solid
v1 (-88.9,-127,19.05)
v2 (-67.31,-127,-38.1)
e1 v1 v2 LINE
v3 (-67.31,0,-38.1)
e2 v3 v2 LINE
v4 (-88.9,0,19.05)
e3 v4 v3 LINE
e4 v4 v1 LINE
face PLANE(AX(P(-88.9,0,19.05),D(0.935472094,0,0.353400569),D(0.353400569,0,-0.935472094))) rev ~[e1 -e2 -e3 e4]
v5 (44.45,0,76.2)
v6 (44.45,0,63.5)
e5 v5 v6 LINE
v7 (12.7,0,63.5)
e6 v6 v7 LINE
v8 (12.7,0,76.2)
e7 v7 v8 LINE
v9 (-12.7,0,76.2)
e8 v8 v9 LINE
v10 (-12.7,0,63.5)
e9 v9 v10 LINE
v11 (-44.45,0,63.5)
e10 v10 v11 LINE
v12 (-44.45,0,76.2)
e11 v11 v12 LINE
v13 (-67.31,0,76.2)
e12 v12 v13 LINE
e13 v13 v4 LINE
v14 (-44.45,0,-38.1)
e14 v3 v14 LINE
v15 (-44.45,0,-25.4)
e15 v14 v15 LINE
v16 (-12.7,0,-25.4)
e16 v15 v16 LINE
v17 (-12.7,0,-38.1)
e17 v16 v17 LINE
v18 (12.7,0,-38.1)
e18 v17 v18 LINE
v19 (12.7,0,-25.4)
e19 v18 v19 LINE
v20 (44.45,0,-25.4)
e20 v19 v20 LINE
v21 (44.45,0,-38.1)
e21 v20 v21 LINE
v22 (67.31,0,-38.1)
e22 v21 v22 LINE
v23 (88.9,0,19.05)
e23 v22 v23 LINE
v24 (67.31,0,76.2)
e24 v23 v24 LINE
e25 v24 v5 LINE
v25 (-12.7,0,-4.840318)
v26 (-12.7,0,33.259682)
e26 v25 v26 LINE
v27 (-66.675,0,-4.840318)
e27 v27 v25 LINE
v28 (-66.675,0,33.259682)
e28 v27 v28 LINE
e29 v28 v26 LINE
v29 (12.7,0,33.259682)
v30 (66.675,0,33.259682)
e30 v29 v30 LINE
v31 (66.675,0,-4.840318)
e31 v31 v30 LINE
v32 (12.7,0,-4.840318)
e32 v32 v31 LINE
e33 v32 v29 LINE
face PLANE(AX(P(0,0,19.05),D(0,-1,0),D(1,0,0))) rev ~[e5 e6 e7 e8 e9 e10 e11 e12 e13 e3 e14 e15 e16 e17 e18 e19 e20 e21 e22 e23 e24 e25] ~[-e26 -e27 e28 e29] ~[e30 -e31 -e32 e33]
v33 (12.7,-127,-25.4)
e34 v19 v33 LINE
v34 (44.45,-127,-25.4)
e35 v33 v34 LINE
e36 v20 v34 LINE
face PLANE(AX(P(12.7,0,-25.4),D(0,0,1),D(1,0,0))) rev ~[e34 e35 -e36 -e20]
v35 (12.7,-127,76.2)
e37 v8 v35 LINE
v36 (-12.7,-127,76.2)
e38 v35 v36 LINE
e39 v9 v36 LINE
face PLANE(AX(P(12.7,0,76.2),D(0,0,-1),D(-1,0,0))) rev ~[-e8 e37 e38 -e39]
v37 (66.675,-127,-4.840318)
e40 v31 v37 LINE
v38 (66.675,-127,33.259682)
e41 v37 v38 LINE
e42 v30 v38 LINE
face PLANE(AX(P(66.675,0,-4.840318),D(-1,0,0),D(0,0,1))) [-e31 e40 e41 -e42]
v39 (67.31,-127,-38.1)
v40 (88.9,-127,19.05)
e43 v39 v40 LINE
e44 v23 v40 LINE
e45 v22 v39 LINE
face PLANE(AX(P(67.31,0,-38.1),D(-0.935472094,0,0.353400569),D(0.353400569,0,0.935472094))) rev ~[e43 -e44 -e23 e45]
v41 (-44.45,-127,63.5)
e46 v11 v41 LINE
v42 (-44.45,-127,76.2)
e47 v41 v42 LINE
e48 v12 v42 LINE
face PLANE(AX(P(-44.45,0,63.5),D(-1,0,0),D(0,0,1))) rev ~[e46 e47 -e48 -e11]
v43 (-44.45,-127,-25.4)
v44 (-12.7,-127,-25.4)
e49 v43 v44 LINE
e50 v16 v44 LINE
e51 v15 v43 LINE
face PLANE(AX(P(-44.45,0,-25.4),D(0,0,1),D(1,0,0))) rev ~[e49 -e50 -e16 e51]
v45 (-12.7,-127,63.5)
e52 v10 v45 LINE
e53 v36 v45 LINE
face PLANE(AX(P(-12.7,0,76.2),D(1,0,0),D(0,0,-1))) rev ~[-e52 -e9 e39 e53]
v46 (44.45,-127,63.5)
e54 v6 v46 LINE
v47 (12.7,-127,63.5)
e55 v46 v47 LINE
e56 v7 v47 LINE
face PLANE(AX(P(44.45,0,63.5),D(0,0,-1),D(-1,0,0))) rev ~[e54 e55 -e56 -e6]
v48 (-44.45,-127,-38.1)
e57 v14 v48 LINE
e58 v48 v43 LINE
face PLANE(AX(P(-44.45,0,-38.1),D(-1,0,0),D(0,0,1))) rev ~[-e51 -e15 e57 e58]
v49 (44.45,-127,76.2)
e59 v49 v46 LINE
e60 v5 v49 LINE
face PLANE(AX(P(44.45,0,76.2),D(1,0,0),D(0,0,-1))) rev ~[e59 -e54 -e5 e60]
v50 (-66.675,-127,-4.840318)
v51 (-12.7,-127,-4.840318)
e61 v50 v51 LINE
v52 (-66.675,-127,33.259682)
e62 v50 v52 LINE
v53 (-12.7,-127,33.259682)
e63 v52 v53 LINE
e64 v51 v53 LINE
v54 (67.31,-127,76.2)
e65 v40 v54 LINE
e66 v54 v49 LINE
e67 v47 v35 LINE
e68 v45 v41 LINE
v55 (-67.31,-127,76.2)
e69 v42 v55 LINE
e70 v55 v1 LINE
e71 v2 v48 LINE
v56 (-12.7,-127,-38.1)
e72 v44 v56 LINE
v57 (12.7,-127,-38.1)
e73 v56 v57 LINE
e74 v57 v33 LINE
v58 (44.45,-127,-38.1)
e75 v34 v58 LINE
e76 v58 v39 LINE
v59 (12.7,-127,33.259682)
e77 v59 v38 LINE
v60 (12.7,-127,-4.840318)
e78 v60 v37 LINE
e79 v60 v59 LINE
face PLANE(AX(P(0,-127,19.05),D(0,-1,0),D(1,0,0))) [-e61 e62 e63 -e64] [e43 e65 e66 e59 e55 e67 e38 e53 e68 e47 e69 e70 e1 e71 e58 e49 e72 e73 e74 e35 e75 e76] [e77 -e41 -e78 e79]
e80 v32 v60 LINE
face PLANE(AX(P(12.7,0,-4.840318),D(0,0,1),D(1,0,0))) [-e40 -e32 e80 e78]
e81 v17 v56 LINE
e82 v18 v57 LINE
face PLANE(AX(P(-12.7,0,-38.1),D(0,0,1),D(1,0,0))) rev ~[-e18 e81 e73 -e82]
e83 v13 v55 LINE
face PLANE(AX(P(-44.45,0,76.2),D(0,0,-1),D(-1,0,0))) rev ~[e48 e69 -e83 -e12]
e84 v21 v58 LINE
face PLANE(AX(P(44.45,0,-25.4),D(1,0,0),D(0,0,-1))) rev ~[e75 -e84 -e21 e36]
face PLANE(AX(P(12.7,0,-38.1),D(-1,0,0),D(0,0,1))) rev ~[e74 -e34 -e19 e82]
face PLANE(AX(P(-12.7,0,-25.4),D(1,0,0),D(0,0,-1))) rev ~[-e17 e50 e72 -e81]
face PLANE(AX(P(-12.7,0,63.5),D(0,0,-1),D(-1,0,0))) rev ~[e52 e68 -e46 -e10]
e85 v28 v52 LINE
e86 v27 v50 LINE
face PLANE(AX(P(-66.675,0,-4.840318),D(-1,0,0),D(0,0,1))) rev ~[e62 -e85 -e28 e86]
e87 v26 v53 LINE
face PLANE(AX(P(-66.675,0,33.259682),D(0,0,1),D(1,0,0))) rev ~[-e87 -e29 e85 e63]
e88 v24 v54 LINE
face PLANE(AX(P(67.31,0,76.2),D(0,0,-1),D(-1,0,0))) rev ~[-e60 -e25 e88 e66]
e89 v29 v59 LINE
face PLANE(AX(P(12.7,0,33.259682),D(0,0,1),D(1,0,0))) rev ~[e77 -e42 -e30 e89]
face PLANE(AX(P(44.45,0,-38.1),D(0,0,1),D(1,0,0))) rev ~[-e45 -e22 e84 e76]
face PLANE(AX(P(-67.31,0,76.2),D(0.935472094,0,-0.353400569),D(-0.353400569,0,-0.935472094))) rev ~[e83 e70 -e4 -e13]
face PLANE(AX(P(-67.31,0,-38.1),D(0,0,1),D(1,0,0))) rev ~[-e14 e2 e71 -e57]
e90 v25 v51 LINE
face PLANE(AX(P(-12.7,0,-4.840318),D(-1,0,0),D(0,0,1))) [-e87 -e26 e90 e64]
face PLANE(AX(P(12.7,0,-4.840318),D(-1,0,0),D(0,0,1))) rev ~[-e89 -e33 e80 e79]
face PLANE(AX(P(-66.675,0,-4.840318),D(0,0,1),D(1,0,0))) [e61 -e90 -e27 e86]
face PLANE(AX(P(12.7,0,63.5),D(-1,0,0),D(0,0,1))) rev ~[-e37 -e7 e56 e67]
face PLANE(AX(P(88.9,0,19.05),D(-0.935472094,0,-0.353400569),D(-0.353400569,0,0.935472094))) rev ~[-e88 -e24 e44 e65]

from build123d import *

# Parameters (mm, degrees)
F0_W     = 53.975
F0_H     = 38.1
F1_DEPTH = 127


with BuildPart() as f1:
    # F0 (on Front) → F1 (new body)
    with BuildSketch(Plane.XZ):
        Polygon((12.7, 76.2), (0, 76.2), (-12.7, 76.2), (-12.7, 63.5), (-44.45, 63.5), (-44.45, 76.2), (-67.31, 76.2), (-88.9, 19.05), (-67.31, -38.1), (-44.45, -38.1), (-44.45, -25.4), (-12.7, -25.4), (-12.7, -38.1), (0, -38.1), (12.7, -38.1), (12.7, -25.4), (44.45, -25.4), (44.45, -38.1), (67.31, -38.1), (88.9, 19.05), (67.31, 76.2), (44.45, 76.2), (44.45, 63.5), (12.7, 63.5), align=None)
        with Locations((-39.6875, 14.209682)):
            Rectangle(F0_W, F0_H, mode=Mode.SUBTRACT)
        with Locations((39.6875, 14.209682)):
            Rectangle(F0_W, F0_H, mode=Mode.SUBTRACT)
    extrude(amount=F1_DEPTH)


solid = f1.part
